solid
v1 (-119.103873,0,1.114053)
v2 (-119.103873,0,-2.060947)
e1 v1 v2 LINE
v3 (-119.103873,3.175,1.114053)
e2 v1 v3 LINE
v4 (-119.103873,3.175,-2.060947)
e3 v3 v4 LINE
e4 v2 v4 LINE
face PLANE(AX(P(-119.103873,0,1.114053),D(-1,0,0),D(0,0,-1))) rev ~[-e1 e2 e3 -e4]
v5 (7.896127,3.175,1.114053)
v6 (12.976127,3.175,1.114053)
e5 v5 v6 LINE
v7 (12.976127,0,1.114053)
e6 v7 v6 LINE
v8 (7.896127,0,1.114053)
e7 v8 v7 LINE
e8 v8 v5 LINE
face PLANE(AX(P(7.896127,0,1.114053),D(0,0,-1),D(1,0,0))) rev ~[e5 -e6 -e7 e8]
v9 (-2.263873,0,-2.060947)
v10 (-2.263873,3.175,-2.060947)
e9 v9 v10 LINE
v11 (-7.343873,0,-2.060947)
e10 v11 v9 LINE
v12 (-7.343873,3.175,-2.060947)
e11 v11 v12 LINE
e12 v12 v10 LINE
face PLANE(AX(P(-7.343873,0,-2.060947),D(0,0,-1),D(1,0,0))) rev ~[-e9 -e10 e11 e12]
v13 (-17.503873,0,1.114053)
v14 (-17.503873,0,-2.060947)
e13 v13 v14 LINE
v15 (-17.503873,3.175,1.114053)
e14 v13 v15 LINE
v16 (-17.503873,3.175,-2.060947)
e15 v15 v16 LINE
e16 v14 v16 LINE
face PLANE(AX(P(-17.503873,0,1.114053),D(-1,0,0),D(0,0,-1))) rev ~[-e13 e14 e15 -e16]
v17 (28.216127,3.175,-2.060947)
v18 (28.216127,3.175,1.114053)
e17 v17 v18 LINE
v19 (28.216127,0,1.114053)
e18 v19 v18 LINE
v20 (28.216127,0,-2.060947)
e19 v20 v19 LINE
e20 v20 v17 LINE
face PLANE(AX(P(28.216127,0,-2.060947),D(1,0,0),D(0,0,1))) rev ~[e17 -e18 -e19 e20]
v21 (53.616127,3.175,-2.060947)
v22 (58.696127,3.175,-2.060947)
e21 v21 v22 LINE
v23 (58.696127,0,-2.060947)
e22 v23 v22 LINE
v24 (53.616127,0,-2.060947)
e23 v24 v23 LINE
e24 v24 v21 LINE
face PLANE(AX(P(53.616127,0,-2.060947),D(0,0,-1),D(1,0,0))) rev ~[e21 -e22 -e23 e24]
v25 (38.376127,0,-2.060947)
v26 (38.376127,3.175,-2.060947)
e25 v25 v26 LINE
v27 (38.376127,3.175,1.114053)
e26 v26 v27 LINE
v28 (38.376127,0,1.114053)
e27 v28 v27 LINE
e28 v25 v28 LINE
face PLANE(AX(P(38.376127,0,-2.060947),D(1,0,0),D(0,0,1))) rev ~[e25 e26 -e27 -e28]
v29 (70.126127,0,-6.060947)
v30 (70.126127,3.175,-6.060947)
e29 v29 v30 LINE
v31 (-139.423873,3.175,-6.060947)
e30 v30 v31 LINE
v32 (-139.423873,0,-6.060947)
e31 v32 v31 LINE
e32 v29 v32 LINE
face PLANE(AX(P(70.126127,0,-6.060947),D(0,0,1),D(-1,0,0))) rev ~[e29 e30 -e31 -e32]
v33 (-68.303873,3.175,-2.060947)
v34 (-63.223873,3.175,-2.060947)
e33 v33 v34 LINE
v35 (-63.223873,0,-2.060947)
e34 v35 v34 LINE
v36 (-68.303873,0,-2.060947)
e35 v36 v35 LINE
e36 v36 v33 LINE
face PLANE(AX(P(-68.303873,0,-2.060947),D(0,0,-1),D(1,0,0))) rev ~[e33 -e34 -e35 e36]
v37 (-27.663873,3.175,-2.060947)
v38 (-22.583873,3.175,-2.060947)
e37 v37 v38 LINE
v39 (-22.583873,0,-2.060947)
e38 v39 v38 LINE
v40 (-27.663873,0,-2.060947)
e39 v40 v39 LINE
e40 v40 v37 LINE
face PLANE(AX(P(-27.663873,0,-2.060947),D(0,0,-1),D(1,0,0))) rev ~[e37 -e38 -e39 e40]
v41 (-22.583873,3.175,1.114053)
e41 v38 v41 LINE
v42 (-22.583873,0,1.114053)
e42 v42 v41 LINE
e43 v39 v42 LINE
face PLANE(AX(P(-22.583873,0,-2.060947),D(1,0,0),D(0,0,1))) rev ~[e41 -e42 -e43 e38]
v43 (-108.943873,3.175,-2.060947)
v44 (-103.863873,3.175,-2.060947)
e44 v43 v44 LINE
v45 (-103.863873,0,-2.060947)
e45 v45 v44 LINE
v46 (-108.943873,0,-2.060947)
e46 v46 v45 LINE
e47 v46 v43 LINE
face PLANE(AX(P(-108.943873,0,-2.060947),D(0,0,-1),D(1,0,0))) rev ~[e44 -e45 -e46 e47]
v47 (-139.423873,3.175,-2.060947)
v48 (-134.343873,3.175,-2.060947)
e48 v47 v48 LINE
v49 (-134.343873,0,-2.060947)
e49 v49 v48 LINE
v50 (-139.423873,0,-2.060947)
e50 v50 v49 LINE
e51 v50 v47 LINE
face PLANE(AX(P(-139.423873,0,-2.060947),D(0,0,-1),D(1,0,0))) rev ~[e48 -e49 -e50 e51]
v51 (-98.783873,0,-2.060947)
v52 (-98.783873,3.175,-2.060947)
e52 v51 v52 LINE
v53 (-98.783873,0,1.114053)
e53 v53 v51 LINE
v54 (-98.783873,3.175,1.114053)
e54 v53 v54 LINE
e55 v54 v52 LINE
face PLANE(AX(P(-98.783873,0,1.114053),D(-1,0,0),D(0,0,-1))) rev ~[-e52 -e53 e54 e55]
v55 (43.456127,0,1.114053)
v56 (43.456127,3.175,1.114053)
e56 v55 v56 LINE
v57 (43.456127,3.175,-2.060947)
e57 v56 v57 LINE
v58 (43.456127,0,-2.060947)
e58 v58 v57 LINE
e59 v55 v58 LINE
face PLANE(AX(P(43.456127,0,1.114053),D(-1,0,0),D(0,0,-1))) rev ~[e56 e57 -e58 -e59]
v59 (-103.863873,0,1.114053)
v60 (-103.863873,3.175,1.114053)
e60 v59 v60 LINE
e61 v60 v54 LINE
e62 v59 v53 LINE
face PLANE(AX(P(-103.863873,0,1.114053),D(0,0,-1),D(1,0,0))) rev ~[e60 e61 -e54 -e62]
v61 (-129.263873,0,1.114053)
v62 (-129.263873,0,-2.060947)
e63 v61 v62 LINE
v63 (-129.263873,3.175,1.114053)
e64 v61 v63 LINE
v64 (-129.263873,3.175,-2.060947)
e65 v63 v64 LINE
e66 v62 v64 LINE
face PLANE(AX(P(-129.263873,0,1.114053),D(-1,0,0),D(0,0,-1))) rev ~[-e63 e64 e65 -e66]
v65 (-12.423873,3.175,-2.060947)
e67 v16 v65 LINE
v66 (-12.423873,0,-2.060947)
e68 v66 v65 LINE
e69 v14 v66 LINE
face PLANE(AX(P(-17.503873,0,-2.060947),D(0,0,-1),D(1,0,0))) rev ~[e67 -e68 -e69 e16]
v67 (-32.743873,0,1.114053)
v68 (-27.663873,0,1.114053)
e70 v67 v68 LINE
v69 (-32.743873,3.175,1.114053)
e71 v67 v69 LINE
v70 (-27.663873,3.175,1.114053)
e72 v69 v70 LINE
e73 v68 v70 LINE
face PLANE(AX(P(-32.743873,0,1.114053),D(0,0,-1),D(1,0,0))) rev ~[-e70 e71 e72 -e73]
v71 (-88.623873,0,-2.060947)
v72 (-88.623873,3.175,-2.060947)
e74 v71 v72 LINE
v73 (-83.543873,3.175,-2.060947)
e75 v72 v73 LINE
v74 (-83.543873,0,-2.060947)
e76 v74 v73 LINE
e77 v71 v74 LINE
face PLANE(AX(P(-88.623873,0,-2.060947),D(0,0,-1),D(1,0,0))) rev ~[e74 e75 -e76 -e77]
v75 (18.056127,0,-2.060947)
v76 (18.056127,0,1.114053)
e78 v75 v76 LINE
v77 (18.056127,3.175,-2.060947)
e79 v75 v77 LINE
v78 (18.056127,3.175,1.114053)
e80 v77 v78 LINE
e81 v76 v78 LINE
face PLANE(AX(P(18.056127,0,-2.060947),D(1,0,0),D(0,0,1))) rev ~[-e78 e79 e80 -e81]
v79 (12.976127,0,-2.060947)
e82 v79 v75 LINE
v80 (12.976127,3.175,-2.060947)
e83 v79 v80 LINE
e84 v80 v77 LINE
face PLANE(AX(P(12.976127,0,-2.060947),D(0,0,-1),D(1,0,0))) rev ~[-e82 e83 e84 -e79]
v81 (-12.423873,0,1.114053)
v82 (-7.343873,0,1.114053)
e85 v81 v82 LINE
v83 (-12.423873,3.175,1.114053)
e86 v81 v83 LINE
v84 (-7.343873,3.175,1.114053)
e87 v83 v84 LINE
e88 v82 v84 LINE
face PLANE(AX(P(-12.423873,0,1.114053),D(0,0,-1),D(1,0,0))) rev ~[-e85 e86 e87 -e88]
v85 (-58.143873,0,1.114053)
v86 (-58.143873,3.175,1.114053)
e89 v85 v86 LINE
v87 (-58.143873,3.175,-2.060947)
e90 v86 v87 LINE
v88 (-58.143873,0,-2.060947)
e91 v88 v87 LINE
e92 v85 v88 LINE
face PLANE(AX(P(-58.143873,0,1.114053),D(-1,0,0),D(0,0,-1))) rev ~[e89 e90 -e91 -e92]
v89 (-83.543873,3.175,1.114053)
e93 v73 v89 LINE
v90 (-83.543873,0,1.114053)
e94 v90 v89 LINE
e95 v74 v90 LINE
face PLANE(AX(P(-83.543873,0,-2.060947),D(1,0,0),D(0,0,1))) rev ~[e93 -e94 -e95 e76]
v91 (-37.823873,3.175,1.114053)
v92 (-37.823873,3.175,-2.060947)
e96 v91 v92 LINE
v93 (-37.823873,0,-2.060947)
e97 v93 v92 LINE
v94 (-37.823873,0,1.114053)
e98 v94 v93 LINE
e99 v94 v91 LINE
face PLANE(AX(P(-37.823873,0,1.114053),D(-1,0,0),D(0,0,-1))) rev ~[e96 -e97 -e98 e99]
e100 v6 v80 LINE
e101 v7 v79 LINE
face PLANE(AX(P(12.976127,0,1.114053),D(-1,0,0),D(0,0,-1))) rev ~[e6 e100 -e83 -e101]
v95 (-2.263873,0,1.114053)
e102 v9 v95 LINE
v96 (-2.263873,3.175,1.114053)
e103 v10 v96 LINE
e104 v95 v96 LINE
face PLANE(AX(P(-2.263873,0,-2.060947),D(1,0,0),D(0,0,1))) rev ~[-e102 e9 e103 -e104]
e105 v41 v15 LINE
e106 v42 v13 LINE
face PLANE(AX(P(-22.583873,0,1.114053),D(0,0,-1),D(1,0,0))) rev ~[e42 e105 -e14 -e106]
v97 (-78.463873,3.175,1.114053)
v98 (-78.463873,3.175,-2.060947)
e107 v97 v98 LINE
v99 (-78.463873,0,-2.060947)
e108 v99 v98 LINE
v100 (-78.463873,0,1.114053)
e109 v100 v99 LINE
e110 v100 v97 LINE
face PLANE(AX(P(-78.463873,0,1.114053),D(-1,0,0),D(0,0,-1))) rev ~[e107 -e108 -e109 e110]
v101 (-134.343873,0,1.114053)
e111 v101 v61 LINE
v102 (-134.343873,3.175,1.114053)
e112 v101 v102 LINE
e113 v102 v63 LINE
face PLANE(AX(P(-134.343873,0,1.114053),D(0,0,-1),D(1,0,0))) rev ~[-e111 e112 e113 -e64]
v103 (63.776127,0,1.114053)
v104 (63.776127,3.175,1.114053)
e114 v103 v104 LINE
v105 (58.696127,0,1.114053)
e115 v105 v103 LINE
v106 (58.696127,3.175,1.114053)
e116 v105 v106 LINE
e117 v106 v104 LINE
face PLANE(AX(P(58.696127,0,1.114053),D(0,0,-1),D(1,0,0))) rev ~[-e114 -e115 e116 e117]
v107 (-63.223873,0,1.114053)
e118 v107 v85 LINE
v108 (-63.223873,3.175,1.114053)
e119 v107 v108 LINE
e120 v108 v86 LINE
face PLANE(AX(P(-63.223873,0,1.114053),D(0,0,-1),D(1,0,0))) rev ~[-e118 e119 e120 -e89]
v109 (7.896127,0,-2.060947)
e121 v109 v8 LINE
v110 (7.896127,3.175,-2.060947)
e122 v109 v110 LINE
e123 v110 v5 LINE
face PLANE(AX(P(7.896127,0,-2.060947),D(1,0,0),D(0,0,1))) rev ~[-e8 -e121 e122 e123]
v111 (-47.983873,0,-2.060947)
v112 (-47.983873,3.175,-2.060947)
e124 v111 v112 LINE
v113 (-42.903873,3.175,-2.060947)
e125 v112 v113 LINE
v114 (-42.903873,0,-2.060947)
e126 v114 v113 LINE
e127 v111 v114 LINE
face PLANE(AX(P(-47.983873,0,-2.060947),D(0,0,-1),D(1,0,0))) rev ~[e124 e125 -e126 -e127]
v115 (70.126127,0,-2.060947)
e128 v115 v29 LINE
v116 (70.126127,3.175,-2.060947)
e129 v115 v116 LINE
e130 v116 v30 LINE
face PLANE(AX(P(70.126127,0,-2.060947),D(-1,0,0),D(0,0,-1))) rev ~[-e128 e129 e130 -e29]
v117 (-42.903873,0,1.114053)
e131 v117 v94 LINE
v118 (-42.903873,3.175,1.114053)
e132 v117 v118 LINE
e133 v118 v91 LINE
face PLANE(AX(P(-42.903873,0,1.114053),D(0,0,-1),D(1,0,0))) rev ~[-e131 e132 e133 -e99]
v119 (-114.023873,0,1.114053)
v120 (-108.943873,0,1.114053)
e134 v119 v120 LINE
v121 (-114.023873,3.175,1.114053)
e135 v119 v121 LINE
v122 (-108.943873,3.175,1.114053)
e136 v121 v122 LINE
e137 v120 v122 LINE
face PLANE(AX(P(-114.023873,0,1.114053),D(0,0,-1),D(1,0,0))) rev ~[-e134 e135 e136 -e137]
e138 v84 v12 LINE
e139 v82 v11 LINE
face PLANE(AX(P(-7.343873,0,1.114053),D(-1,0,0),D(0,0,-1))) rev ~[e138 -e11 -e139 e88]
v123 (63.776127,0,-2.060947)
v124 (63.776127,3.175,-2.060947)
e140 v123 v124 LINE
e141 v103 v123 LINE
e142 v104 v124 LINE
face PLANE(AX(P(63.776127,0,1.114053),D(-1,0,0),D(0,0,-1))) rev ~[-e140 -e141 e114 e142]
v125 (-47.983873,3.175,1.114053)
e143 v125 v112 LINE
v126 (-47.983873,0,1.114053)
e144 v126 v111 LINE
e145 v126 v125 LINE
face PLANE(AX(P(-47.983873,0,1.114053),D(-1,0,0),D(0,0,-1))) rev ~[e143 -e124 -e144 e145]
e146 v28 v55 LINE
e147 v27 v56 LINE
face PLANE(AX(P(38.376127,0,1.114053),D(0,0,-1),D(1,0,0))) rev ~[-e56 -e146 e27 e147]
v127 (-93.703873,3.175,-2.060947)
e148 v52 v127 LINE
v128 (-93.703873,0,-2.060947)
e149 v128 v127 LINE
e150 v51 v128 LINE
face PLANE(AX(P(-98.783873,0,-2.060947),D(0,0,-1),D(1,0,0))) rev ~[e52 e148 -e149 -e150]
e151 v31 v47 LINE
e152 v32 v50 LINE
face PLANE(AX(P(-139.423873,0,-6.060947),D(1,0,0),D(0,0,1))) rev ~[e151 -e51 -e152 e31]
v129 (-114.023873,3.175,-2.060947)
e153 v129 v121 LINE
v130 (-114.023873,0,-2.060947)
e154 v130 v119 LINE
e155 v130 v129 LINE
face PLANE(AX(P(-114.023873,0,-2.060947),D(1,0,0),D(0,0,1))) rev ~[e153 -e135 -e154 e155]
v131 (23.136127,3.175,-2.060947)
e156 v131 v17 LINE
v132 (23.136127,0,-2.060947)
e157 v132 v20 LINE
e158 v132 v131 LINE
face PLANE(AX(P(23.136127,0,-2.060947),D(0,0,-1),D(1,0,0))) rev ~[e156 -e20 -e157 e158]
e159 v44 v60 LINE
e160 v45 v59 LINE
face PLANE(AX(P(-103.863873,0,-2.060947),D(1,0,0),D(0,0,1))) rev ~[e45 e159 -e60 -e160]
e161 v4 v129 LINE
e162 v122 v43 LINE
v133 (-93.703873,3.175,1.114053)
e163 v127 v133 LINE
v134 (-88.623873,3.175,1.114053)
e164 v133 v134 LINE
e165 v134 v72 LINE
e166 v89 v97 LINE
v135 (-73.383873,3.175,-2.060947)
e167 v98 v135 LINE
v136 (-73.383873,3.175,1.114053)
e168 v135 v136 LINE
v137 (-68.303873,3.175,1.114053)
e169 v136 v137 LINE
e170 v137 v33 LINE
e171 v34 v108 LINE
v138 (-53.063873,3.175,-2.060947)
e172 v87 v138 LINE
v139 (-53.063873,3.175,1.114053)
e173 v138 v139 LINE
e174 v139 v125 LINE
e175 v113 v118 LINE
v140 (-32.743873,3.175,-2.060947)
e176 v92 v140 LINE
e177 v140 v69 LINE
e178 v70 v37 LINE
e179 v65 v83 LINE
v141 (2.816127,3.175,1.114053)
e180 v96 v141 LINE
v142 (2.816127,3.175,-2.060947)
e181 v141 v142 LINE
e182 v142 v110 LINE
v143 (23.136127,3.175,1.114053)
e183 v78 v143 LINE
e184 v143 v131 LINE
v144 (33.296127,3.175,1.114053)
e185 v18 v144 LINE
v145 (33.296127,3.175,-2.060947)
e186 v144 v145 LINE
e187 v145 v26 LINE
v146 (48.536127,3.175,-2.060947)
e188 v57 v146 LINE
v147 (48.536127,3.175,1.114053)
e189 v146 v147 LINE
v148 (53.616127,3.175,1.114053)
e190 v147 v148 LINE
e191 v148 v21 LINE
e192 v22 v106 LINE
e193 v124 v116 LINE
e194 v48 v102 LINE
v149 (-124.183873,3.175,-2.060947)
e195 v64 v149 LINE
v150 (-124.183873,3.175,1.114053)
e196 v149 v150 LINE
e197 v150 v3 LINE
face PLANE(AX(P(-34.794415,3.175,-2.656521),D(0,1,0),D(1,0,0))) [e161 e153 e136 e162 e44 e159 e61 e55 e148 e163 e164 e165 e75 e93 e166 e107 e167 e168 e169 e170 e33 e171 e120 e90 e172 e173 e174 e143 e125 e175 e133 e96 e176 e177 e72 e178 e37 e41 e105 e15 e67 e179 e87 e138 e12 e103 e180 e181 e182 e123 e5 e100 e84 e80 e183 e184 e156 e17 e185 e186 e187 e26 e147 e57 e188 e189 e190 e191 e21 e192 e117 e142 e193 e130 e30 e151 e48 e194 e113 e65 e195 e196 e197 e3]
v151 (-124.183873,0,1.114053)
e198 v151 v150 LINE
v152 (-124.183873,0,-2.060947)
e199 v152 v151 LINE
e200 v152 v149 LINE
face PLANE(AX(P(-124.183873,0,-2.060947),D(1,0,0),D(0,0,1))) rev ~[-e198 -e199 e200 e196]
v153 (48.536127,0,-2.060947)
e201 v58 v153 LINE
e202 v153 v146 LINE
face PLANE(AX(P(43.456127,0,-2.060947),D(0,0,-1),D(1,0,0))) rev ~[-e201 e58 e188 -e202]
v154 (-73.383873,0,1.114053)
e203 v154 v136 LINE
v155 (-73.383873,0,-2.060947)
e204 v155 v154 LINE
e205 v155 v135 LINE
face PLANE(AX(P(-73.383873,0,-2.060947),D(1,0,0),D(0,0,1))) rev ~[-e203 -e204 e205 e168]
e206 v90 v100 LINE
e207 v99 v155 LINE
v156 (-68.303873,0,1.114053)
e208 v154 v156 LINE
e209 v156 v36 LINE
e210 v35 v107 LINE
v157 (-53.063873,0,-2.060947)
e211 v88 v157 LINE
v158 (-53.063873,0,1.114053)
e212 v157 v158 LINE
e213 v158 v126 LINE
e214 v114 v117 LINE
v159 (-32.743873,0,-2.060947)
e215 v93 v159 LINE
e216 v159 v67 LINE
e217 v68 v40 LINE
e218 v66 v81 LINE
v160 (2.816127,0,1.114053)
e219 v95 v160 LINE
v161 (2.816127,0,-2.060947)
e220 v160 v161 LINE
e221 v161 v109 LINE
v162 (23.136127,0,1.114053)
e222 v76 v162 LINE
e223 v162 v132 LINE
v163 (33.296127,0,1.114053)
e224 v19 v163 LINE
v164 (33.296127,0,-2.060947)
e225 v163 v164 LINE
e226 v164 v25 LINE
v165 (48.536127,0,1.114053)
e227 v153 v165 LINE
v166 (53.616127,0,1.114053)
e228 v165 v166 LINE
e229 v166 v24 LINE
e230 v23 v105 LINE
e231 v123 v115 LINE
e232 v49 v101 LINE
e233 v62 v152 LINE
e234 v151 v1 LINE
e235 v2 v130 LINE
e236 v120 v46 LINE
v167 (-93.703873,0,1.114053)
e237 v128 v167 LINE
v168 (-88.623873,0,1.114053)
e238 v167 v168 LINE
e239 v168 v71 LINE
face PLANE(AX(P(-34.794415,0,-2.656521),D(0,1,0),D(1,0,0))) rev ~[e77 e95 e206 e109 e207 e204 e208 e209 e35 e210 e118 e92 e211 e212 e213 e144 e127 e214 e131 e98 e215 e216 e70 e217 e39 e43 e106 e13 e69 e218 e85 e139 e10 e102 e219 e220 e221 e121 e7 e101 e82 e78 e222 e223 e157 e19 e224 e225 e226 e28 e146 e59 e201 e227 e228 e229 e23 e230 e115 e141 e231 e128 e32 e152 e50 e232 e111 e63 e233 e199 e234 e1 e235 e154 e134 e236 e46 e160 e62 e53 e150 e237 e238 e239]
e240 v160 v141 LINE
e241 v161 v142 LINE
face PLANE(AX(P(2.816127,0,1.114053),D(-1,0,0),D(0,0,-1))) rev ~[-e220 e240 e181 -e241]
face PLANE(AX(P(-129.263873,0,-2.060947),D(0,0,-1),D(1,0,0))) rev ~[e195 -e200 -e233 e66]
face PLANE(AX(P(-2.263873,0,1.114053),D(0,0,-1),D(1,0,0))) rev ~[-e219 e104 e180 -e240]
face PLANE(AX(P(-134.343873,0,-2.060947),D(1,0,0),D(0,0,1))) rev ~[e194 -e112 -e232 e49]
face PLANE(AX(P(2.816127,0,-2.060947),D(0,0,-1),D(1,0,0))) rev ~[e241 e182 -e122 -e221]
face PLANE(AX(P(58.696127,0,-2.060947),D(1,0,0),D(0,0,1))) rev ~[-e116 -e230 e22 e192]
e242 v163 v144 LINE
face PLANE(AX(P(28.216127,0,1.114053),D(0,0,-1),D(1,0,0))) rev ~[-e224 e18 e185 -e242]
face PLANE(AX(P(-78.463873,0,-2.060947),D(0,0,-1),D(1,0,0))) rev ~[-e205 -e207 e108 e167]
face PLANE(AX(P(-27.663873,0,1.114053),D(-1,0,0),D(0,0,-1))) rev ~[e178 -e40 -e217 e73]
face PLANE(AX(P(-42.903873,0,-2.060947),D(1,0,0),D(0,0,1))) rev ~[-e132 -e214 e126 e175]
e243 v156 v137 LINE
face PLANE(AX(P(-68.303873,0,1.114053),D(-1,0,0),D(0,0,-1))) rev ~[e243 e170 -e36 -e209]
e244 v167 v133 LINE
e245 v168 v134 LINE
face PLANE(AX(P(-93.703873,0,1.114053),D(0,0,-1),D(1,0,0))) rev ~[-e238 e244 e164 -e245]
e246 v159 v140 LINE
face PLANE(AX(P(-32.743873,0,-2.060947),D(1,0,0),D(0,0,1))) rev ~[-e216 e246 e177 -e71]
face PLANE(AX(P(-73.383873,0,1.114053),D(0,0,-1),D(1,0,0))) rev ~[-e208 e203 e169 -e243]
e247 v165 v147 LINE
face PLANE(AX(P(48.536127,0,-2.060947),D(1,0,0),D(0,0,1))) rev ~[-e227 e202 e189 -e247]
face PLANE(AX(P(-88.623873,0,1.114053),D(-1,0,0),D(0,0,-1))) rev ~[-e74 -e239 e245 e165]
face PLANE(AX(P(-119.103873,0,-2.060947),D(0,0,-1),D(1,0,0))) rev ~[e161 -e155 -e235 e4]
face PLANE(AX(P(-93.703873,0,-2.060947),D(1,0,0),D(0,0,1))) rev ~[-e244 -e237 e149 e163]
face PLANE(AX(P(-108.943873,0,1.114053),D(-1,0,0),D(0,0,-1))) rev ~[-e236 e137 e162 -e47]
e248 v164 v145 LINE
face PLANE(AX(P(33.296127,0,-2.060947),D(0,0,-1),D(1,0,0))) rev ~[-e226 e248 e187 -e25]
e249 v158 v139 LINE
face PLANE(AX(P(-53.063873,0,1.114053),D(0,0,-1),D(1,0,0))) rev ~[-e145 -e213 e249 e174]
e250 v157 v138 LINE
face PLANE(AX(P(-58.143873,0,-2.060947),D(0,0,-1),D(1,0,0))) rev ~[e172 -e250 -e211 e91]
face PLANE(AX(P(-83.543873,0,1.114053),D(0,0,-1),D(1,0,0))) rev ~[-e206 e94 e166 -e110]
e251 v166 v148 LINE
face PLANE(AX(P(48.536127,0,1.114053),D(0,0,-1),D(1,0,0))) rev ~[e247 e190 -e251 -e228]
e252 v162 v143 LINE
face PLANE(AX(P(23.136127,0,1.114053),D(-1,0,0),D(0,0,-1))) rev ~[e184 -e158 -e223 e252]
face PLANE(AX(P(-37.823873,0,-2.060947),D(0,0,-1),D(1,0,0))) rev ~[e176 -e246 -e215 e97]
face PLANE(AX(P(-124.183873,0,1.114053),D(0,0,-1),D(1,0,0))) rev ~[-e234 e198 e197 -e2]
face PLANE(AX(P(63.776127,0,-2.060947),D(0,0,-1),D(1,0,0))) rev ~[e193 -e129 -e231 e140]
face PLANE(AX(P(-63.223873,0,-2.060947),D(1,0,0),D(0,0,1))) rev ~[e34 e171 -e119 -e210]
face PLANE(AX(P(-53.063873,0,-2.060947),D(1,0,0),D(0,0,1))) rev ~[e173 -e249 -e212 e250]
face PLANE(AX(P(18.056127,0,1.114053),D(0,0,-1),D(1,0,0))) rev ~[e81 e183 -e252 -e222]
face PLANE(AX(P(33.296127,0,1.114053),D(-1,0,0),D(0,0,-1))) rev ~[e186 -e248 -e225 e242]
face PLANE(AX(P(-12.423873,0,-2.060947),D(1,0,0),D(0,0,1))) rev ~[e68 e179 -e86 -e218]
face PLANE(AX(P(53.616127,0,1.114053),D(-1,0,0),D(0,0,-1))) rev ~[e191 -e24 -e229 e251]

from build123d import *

# Parameters (mm, degrees)
BOSS_EXTRUDE1_DEPTH = 3.175


with BuildPart() as part:
    # Sketch1 → Boss-Extrude1 (new body)
    with BuildSketch(Plane(origin=(0, 0, 0), x_dir=(1, 0, 0), z_dir=(0, 1, 0))):
        Polygon((-139.423872549, 2.060946796), (-134.343872549, 2.060946796), (-134.343872549, -1.114053204), (-129.263872549, -1.114053204), (-129.263872549, 2.060946796), (-124.183872549, 2.060946796), (-124.183872549, -1.114053204), (-119.103872549, -1.114053204), (-119.103872549, 2.060946796), (-114.023872549, 2.060946796), (-114.023872549, -1.114053204), (-108.943872549, -1.114053204), (-108.943872549, 2.060946796), (-103.863872549, 2.060946796), (-103.863872549, -1.114053204), (-98.783872549, -1.114053204), (-98.783872549, 2.060946796), (-93.703872549, 2.060946796), (-93.703872549, -1.114053204), (-88.623872549, -1.114053204), (-88.623872549, 2.060946796), (-83.543872549, 2.060946796), (-83.543872549, -1.114053204), (-78.463872549, -1.114053204), (-78.463872549, 2.060946796), (-73.383872549, 2.060946796), (-73.383872549, -1.114053204), (-68.303872549, -1.114053204), (-68.303872549, 2.060946796), (-63.223872549, 2.060946796), (-63.223872549, -1.114053204), (-58.143872549, -1.114053204), (-58.143872549, 2.060946796), (-53.063872549, 2.060946796), (-53.063872549, -1.114053204), (-47.983872549, -1.114053204), (-47.983872549, 2.060946796), (-42.903872549, 2.060946796), (-42.903872549, -1.114053204), (-37.823872549, -1.114053204), (-37.823872549, 2.060946796), (-32.743872549, 2.060946796), (-32.743872549, -1.114053204), (-27.663872549, -1.114053204), (-27.663872549, 2.060946796), (-22.583872549, 2.060946796), (-22.583872549, -1.114053204), (-17.503872549, -1.114053204), (-17.503872549, 2.060946796), (-12.423872549, 2.060946796), (-12.423872549, -1.114053204), (-7.343872549, -1.114053204), (-7.343872549, 2.060946796), (-2.263872549, 2.060946796), (-2.263872549, -1.114053204), (2.816127451, -1.114053204), (2.816127451, 2.060946796), (7.896127451, 2.060946796), (7.896127451, -1.114053204), (12.976127451, -1.114053204), (12.976127451, 2.060946796), (18.056127451, 2.060946796), (18.056127451, -1.114053204), (23.136127451, -1.114053204), (23.136127451, 2.060946796), (28.216127451, 2.060946796), (28.216127451, -1.114053204), (33.296127451, -1.114053204), (33.296127451, 2.060946796), (38.376127451, 2.060946796), (38.376127451, -1.114053204), (43.456127451, -1.114053204), (43.456127451, 2.060946796), (48.536127451, 2.060946796), (48.536127451, -1.114053204), (53.616127451, -1.114053204), (53.616127451, 2.060946796), (58.696127451, 2.060946796), (58.696127451, -1.114053204), (63.776127451, -1.114053204), (63.776127451, 2.060946796), (70.126127451, 2.060946796), (70.126127451, 6.060946796), (-139.423872549, 6.060946796), align=None)
    extrude(amount=BOSS_EXTRUDE1_DEPTH)


solid = part.part
